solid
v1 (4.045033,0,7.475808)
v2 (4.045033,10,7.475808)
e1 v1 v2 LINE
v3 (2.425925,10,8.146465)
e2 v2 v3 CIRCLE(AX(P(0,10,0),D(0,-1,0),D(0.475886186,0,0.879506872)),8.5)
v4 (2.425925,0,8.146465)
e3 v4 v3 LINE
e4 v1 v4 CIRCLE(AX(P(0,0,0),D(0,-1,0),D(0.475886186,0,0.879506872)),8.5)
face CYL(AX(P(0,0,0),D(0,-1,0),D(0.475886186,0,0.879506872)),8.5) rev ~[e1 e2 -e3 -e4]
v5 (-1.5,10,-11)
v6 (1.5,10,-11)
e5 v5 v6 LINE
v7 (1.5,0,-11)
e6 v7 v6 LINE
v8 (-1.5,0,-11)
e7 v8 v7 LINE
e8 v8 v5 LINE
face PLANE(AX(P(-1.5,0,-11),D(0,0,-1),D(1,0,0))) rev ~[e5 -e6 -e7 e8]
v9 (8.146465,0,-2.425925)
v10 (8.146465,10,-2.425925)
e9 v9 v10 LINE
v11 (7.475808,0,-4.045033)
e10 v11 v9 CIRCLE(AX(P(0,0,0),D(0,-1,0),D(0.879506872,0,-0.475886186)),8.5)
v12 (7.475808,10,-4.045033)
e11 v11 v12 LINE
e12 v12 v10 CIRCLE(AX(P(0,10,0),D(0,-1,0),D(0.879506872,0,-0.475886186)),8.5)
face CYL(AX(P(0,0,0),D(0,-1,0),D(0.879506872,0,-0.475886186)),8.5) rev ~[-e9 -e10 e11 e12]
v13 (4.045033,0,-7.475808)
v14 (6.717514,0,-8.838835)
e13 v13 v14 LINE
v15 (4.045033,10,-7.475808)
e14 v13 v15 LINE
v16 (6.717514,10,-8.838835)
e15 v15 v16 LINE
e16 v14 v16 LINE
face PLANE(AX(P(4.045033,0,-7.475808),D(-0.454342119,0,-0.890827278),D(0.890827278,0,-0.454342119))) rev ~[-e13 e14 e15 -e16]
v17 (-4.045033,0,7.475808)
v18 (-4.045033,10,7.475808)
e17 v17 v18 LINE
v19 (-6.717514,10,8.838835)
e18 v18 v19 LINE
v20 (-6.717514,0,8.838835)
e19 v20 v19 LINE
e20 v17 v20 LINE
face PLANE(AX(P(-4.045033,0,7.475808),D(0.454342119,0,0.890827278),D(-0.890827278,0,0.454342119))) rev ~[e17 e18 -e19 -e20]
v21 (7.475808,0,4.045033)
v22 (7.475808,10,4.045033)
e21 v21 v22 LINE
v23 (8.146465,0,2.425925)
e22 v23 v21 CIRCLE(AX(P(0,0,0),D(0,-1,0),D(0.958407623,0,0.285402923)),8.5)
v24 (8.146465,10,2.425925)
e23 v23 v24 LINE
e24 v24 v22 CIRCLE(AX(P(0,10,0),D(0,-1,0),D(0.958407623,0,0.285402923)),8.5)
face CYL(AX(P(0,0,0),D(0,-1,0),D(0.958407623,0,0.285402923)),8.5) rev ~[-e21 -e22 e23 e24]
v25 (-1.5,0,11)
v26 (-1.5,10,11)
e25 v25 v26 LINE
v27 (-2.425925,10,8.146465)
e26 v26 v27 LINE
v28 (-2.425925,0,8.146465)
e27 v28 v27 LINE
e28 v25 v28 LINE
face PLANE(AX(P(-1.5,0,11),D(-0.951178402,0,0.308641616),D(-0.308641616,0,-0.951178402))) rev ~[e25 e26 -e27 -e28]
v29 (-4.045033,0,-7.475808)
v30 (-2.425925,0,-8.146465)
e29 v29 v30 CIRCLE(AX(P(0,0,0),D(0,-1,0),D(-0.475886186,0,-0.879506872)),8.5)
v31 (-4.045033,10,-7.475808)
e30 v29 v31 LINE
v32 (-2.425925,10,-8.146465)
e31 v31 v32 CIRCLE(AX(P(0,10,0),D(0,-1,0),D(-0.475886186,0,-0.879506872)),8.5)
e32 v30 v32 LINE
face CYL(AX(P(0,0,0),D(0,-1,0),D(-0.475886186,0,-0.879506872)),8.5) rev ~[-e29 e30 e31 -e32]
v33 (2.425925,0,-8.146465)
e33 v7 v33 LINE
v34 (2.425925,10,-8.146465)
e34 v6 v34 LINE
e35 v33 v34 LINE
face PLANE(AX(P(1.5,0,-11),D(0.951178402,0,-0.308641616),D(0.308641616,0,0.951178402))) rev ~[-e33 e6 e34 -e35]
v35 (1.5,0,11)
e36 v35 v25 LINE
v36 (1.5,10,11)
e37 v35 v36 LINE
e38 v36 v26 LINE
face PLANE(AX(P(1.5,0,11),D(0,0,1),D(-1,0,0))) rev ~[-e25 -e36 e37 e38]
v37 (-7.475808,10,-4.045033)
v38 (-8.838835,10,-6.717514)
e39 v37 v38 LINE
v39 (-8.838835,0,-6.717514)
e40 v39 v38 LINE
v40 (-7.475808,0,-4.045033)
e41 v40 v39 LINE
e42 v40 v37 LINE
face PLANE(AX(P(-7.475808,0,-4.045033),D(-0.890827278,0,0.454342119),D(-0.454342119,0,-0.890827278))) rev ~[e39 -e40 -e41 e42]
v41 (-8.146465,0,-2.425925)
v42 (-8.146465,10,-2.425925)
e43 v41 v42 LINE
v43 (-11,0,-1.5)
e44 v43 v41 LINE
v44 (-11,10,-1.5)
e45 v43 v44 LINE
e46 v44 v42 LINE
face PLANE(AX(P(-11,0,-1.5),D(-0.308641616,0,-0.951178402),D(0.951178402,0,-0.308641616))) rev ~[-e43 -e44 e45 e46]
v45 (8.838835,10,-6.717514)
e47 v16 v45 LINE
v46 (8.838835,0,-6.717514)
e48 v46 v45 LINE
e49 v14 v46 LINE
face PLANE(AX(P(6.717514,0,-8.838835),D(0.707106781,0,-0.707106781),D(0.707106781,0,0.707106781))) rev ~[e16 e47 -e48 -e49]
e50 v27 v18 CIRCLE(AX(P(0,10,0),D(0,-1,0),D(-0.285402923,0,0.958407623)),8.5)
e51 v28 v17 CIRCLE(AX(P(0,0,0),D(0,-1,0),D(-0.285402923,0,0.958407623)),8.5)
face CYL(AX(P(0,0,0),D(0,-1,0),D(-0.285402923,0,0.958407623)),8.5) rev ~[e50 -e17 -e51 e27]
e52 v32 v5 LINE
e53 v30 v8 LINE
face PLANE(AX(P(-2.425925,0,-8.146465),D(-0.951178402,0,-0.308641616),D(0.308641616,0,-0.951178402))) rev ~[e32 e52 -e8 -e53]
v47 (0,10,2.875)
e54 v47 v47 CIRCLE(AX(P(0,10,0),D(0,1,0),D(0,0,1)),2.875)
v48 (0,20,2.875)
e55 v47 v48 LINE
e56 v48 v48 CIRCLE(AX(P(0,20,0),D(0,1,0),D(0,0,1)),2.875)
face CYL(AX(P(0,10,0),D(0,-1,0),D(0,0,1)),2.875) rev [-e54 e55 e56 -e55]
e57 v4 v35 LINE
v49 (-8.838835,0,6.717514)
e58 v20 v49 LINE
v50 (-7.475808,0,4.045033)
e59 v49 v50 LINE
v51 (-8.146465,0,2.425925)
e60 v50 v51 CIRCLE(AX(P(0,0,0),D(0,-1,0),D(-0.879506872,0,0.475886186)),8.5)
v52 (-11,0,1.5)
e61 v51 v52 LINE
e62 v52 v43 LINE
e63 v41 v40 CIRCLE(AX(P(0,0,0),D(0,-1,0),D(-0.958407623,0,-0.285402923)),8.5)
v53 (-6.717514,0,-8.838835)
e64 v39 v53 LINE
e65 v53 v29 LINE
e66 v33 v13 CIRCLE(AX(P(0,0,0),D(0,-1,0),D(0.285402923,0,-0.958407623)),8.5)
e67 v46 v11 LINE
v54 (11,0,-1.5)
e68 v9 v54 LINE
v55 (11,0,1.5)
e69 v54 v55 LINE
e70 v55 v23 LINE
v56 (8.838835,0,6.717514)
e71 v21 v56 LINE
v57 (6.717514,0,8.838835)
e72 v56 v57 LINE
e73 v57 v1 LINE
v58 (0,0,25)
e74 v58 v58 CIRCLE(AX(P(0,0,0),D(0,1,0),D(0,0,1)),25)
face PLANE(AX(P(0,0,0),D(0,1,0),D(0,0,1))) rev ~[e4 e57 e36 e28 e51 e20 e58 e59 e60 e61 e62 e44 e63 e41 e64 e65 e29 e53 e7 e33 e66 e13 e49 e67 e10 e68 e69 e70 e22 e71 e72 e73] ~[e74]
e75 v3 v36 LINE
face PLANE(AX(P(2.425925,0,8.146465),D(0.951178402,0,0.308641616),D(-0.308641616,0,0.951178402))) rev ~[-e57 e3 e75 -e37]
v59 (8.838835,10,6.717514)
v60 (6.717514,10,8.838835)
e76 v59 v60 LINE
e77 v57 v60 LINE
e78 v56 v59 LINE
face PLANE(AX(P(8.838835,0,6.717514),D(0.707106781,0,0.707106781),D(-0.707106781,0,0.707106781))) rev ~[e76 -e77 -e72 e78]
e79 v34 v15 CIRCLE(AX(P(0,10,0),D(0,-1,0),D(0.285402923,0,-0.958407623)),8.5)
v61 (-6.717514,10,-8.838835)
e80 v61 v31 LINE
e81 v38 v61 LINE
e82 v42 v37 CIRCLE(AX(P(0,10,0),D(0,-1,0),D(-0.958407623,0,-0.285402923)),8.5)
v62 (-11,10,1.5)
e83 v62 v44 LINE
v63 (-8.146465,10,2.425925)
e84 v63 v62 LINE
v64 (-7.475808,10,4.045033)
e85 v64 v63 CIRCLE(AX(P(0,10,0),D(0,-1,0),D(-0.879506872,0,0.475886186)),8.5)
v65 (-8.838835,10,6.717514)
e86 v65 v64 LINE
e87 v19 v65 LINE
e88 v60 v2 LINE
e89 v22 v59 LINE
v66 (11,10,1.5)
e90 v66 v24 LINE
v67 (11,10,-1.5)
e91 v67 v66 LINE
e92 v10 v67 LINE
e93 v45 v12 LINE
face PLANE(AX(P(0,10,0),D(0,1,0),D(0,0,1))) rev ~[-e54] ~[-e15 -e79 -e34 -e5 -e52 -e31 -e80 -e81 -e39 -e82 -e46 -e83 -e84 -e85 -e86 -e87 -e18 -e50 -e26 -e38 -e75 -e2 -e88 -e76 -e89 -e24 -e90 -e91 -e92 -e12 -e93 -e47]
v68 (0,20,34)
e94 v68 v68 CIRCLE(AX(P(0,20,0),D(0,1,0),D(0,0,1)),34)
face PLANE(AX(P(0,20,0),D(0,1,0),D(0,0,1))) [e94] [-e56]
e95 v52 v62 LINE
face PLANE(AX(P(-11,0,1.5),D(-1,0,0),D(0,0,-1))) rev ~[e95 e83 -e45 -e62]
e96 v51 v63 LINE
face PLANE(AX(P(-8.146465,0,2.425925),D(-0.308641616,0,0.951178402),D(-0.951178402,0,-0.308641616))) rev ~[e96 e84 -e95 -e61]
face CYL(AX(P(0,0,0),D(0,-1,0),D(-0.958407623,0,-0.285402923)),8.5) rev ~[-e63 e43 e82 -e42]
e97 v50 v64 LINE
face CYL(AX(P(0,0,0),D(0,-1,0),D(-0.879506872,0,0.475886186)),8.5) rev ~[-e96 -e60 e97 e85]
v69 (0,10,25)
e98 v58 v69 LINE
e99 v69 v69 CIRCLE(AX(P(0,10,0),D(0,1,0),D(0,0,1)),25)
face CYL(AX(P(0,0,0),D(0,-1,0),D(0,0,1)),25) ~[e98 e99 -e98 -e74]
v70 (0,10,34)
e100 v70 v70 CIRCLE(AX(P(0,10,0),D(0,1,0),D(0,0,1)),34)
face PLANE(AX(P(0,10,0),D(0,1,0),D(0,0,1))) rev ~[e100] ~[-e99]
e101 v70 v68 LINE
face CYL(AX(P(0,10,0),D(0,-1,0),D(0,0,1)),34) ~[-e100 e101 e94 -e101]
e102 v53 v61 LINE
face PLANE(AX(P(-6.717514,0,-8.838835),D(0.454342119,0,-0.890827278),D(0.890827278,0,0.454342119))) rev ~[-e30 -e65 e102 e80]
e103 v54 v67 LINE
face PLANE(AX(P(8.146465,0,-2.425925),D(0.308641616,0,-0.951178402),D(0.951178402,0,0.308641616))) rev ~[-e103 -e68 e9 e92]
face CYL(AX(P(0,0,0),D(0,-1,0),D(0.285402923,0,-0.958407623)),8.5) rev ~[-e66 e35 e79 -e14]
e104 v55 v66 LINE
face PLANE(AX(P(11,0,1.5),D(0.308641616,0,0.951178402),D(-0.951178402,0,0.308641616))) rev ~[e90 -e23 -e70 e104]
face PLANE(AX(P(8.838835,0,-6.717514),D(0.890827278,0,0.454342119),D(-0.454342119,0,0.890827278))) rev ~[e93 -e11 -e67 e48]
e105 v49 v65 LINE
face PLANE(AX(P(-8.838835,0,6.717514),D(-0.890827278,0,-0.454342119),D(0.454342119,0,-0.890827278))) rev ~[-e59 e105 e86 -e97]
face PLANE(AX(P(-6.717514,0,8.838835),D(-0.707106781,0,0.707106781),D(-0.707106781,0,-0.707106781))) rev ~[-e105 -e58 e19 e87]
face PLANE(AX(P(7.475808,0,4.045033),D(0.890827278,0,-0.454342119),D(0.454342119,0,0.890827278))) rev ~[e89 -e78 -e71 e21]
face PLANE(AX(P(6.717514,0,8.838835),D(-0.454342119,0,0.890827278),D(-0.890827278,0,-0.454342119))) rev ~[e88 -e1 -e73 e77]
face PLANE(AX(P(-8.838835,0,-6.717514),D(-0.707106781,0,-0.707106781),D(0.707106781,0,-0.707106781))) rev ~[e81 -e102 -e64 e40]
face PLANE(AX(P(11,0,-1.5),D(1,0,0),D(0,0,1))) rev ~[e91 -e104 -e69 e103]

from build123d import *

# Parameters (mm, degrees)
SKETCH1_R           = 25
BOSS_EXTRUDE1_DEPTH = 10
SKETCH2_R           = 34
SKETCH2_R_2         = 2.875
BOSS_EXTRUDE2_DEPTH = 10


with BuildPart() as part:
    # Sketch1 → Boss-Extrude1 (new body)
    with BuildSketch(Plane(origin=(0, 0, 0), x_dir=(1, 0, 0), z_dir=(0, 1, 0))):
        with Locations(Location((0, 0, 0), (0, 0, 270))):
            Circle(SKETCH1_R)
        with BuildLine():
            Line((-1.5, 11), (1.5, 11))
            Line((1.5, 11), (2.425924848, 8.146464793))
            ThreePointArc((2.425924848, 8.146464793), (3.252809175, 7.852976026), (4.045032587, 7.475808409))
            Line((4.045032587, 7.475808409), (6.717514421, 8.838834765))
            Line((6.717514421, 8.838834765), (8.838834765, 6.717514421))
            Line((8.838834765, 6.717514421), (7.475808409, 4.045032587))
            ThreePointArc((7.475808409, 4.045032587), (7.852976026, 3.252809175), (8.146464793, 2.425924848))
            Line((8.146464793, 2.425924848), (11, 1.5))
            Line((11, 1.5), (11, -1.5))
            Line((11, -1.5), (8.146464793, -2.425924848))
            ThreePointArc((8.146464793, -2.425924848), (7.852976026, -3.252809175), (7.475808409, -4.045032587))
            Line((7.475808409, -4.045032587), (8.838834765, -6.717514421))
            Line((8.838834765, -6.717514421), (6.717514421, -8.838834765))
            Line((6.717514421, -8.838834765), (4.045032587, -7.475808409))
            ThreePointArc((4.045032587, -7.475808409), (3.252809175, -7.852976026), (2.425924848, -8.146464793))
            Line((2.425924848, -8.146464793), (1.5, -11))
            Line((1.5, -11), (-1.5, -11))
            Line((-1.5, -11), (-2.425924848, -8.146464793))
            ThreePointArc((-2.425924848, -8.146464793), (-3.252809175, -7.852976026), (-4.045032587, -7.475808409))
            Line((-4.045032587, -7.475808409), (-6.717514421, -8.838834765))
            Line((-6.717514421, -8.838834765), (-8.838834765, -6.717514421))
            Line((-8.838834765, -6.717514421), (-7.475808409, -4.045032587))
            ThreePointArc((-7.475808409, -4.045032587), (-7.852976026, -3.252809175), (-8.146464793, -2.425924848))
            Line((-8.146464793, -2.425924848), (-11, -1.5))
            Line((-11, -1.5), (-11, 1.5))
            Line((-11, 1.5), (-8.146464793, 2.425924848))
            ThreePointArc((-8.146464793, 2.425924848), (-7.852976026, 3.252809175), (-7.475808409, 4.045032587))
            Line((-7.475808409, 4.045032587), (-8.838834765, 6.717514421))
            Line((-8.838834765, 6.717514421), (-6.717514421, 8.838834765))
            Line((-6.717514421, 8.838834765), (-4.045032587, 7.475808409))
            ThreePointArc((-4.045032587, 7.475808409), (-3.252809175, 7.852976026), (-2.425924848, 8.146464793))
            Line((-2.425924848, 8.146464793), (-1.5, 11))
        make_face(mode=Mode.SUBTRACT)
    extrude(amount=BOSS_EXTRUDE1_DEPTH)

    # Sketch2 → Boss-Extrude2 (add)
    with BuildSketch(Plane(origin=(0, 10, 0), x_dir=(1, 0, 0), z_dir=(0, 1, 0))):
        with Locations(Location((0, 0, 0), (0, 0, 270))):
            Circle(SKETCH2_R)
        with Locations(Location((0, 0, 0), (0, 0, 270))):
            Circle(SKETCH2_R_2, mode=Mode.SUBTRACT)
    extrude(amount=BOSS_EXTRUDE2_DEPTH)


solid = part.part
